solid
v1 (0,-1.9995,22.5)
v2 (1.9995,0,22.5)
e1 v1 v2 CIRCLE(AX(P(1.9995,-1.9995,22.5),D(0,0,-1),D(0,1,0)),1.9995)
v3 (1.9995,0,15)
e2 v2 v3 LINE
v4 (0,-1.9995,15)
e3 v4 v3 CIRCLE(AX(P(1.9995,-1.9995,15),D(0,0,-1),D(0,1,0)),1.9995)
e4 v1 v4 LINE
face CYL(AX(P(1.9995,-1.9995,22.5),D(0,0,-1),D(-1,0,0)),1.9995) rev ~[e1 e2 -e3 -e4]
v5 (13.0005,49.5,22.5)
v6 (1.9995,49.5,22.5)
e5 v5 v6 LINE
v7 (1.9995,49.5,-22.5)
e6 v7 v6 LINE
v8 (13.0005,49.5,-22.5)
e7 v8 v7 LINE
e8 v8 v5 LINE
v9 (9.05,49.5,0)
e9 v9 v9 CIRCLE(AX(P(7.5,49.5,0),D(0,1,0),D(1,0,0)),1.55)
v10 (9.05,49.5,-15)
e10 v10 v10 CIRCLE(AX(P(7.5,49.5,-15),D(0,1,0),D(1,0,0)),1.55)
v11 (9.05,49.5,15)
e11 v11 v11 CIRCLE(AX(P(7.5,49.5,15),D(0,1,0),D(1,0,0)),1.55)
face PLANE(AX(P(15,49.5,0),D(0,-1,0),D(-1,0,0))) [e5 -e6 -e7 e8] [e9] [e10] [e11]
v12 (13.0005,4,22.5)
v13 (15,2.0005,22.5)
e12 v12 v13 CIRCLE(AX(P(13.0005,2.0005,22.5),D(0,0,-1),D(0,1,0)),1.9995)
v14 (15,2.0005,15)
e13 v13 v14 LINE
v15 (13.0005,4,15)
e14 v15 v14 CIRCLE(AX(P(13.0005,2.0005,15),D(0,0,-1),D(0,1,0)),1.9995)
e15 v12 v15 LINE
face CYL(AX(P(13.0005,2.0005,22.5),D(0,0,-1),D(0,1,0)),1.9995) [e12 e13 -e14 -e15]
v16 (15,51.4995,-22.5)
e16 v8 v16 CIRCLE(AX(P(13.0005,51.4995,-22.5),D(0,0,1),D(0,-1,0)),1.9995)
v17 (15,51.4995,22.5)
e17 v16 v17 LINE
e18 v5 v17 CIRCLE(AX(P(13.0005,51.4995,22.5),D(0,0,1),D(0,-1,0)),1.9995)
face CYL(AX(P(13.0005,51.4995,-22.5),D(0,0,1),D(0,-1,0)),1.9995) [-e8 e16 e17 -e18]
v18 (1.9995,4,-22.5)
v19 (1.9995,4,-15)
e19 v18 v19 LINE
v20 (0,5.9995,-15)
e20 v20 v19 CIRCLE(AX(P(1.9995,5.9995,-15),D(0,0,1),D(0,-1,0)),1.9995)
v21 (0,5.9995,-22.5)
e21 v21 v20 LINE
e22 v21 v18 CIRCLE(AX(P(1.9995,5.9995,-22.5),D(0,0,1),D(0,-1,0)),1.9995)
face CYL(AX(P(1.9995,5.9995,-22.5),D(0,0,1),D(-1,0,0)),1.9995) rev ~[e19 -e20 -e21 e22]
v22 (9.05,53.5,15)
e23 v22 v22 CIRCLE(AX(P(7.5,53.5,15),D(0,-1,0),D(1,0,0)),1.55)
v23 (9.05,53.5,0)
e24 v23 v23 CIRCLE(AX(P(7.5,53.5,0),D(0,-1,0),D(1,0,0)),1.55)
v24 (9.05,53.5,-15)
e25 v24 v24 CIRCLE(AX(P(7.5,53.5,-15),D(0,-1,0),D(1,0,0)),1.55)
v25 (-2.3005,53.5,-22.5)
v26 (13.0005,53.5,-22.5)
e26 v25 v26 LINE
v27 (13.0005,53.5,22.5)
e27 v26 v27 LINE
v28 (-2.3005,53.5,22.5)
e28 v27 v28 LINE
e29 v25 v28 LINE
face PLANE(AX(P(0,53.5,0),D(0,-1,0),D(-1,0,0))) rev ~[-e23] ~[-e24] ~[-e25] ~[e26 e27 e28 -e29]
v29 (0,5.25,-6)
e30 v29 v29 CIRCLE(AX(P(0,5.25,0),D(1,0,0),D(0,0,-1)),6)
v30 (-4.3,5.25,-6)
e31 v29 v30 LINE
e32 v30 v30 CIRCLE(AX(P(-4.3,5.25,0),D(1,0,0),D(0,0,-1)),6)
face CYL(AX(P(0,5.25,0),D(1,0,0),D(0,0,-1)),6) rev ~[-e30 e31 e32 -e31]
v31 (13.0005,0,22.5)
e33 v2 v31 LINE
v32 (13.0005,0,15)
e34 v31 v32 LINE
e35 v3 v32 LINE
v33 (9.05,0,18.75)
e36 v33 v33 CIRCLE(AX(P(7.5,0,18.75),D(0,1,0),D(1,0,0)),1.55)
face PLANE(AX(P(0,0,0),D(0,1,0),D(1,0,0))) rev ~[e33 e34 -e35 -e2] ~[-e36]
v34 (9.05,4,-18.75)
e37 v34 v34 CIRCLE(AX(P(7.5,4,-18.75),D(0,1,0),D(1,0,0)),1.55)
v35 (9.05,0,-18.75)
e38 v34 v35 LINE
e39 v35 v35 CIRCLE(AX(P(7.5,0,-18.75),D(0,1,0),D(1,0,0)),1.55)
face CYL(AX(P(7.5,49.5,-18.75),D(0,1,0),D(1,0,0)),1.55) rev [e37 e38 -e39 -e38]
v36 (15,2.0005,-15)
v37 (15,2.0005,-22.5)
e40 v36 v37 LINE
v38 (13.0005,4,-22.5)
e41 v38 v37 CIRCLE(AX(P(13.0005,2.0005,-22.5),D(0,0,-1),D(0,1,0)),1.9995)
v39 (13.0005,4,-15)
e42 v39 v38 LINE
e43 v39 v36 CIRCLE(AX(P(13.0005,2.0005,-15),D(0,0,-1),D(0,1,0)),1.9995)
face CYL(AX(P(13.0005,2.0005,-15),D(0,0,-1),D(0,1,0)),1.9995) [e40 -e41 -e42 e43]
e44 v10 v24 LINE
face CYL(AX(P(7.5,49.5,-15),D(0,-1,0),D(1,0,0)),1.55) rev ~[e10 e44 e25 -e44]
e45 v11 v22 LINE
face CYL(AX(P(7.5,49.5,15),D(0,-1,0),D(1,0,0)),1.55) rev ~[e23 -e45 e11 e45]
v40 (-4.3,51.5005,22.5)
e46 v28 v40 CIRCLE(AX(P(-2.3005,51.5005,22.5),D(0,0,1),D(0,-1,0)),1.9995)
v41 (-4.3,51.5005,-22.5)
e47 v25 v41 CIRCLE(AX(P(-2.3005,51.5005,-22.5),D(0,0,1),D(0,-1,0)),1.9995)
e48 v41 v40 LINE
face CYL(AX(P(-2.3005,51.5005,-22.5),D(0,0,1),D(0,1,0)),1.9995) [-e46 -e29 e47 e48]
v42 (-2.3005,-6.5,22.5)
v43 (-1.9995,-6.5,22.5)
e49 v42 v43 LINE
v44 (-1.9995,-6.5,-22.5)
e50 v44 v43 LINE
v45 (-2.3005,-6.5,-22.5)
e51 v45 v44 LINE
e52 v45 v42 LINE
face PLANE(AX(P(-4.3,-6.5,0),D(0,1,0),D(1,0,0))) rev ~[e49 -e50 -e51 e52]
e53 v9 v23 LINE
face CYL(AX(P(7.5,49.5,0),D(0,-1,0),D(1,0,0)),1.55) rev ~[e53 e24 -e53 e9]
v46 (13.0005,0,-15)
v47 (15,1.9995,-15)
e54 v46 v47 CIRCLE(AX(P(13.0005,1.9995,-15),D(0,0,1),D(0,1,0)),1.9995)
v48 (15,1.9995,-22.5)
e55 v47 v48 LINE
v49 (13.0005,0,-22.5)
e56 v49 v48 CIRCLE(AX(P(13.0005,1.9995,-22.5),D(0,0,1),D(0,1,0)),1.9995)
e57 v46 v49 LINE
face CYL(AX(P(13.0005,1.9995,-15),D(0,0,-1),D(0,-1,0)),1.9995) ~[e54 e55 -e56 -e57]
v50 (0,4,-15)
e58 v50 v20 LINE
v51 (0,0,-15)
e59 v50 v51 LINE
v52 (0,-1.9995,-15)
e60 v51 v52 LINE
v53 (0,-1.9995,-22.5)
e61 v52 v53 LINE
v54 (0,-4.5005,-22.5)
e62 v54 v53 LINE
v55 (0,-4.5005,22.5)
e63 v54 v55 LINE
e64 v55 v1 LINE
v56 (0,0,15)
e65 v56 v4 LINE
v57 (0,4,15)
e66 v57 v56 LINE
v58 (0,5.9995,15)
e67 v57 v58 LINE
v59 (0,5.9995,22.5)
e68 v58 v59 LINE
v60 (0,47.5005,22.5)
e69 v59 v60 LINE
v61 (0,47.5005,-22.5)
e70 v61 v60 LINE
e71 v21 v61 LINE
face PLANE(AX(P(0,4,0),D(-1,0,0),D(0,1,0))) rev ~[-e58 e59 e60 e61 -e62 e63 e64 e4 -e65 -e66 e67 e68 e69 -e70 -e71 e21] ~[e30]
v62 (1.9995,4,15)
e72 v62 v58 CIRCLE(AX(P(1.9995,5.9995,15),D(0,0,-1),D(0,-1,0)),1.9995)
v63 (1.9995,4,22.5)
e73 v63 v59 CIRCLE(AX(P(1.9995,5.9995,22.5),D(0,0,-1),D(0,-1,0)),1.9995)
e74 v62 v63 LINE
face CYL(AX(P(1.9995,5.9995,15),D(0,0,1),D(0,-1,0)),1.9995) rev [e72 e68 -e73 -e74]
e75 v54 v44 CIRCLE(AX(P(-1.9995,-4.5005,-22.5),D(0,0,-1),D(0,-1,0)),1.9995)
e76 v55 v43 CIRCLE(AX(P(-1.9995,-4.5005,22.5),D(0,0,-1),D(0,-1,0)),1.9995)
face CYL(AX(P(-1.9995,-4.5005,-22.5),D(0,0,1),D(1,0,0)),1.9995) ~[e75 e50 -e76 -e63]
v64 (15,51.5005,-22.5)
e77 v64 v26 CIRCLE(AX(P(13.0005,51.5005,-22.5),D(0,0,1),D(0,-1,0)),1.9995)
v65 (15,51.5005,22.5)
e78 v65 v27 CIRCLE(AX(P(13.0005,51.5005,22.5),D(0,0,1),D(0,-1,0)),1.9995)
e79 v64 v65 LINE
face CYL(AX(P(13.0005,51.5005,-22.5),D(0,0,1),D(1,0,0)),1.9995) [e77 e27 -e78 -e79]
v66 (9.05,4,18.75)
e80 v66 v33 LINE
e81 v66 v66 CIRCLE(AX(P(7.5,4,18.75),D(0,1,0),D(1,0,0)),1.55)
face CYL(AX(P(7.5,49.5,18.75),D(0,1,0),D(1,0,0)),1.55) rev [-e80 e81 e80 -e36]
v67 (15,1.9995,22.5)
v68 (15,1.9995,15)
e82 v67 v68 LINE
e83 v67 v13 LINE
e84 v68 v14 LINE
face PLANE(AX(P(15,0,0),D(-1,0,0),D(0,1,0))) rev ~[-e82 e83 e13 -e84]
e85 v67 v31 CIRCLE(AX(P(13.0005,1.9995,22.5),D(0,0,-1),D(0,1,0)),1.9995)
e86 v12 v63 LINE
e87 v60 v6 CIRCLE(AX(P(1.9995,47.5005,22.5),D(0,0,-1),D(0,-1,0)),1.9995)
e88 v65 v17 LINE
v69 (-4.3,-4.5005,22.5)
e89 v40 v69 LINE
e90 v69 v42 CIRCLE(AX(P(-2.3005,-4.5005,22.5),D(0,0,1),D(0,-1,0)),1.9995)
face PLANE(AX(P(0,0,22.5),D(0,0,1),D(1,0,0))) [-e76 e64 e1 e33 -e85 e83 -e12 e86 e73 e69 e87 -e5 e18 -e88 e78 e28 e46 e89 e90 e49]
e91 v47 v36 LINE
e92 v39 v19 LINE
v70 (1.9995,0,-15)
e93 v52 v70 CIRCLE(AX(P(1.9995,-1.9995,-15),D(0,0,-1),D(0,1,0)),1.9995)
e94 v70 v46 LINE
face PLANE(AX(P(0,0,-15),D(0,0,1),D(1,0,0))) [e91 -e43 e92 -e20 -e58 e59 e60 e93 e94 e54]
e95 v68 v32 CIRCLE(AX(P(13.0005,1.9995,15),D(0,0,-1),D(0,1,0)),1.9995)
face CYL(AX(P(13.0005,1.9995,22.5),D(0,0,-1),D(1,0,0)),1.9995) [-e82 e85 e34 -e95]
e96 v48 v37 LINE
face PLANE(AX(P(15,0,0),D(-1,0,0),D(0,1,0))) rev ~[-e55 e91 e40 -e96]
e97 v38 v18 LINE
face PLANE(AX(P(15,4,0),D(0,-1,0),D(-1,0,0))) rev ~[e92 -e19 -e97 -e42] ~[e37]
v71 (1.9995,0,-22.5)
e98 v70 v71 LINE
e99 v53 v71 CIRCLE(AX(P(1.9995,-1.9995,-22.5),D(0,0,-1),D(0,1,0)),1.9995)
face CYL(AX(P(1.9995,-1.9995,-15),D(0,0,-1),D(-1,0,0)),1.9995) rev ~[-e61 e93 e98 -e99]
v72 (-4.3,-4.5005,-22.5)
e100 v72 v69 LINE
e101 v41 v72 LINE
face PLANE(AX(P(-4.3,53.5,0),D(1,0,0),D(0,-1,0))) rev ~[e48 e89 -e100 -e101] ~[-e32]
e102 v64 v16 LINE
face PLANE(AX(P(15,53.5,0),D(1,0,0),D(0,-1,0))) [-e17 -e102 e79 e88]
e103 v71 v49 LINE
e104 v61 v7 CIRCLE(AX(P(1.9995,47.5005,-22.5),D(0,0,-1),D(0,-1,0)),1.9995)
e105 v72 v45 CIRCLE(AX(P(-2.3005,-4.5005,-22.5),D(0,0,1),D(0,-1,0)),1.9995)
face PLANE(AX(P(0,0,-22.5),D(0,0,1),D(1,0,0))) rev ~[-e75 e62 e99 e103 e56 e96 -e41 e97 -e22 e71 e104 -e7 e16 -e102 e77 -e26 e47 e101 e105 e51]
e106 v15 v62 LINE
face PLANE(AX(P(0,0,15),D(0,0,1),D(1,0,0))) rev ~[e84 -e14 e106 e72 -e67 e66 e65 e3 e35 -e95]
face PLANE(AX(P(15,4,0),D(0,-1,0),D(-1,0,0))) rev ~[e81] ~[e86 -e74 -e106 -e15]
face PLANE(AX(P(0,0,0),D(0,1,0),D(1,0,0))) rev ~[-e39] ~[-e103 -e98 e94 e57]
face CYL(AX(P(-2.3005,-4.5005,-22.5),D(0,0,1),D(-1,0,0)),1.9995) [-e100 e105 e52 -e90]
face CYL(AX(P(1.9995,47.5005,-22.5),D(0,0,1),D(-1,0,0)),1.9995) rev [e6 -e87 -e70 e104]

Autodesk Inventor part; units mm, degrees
ref_plane "YZ Plane" through (0, 0, 0) normal (1, 0, 0) x (0, 1, 0)
ref_plane "XZ Plane" through (0, 0, 0) normal (0, 1, 0) x (-1, 0, 0)
ref_plane "XY Plane" through (0, 0, 0) normal (0, 0, 1) x (1, 0, 0)
sketch "Sketch1" plane through (0, 0, 0) normal (0, 0, 1) x (1, 0, 0)
  line L0 (0, 0) -> (15, 0)
  line L1 (15, 0) -> (15, 4)
  line L2 (15, 4) -> (0, 4)
  line L3 (0, 4) -> (0, 0)
  line L4 (0, 53.5) -> (15, 53.5)
  line L5 (15, 53.5) -> (15, 49.5)
  line L6 (15, 49.5) -> (0, 49.5)
  line L7 (0, 49.5) -> (0, 53.5)
  line L8 (0, 53.5) -> (-4.3, 53.5)
  line L9 (-4.3, 53.5) -> (-4.3, -6.5)
  line L10 (-4.3, -6.5) -> (0, -6.5)
  line L11 (0, -6.5) -> (0, 53.5)
  point P0 (0, 49.5)
  dimension "d0" = 15
  dimension "d1" = 4
  dimension "d2" = 15
  dimension "d3" = 4
  dimension "d4" = 45.5
  dimension "d5" = 4.3
  dimension "d6" = 60
extrude "Extrusion1" add sketch "Sketch1" along normal mid plane 45
extrude "Extrusion2" cut sketch "Sketch1" along normal mid plane 30 contours L3 L2 L1 L0
sketch "Sketch3" plane through (0, 49.5, 22.5) normal (0, -1, 0) x (1, 0, 0)
  line L0 (0, 0) -> (15, 0) projected
  line L1 (7.5, 0) -> (7.5, -45)
  line L2 (15, -45) -> (0, -45) projected
  circle A0 centre (7.5, -3.75) radius 1.55
  circle A1 centre (7.5, -7.5) radius 1.55
  circle A2 centre (7.5, -22.5) radius 1.55
  circle A3 centre (7.5, -37.5) radius 1.55
  circle A4 centre (7.5, -41.25) radius 1.55
  line L3 (0, 0) -> (15, 0) projected
  line L4 (15, -45) -> (0, -45) projected
  line L5 (15, -45) -> (15, 0) projected
  point P0 (0, -22.5)
  dimension "d11" = 3.1
  dimension "d12" = 3.1
  dimension "d13" = 3.1
  dimension "d14" = 3.1
  dimension "d15" = 3.1
  dimension "d16" = 3.75
  dimension "d17" = 7.5
  dimension "d18" = 3.75
  dimension "d19" = 7.5
  dimension "d20" = 7.5
extrude "Extrusion3" cut sketch "Sketch3" along normal through all contours A0 L1 | L1 A0 | A4 L1 | L1 A4
extrude "Extrusion4" cut sketch "Sketch3" against normal through all contours A1 L1 | L1 A1 | A2 L1 | L1 A2 | A3 L1 | L1 A3
sketch "Sketch4" plane through (0, 4, -22.5) normal (1, 0, 0) x (0, 0, -1)
  circle A0 centre (-22.5, 1.25) radius 6
  line L0 (-45, -10.5) -> (0, -10.5) projected
  line L1 (-22.5, 1.25) -> (-22.5, -10.5) construction
  point P0 (-22.5, -4)
  dimension "d29" = 12
  dimension "d40" = 11.75
extrude "Extrusion6" cut sketch "Sketch4" against normal through all
fillet "Fillet1" radius 2 14 edges at (0, 49.5, 0) (15, 49.5, 0) (15, 53.5, 0) (-4.3, 53.5, 0) (0, 4, 18.75) (0, 4, -18.75) (15, 4, -18.75) (15, 0, -18.75) (15, 4, 18.75) (15, 0, 18.75) (0, -6.5, 0) (0, 0, 18.75) (0, 0, -18.75) (-4.3, -6.5, 0)
properties part number "BearingBracket" material "PC/ABS Plastic"
